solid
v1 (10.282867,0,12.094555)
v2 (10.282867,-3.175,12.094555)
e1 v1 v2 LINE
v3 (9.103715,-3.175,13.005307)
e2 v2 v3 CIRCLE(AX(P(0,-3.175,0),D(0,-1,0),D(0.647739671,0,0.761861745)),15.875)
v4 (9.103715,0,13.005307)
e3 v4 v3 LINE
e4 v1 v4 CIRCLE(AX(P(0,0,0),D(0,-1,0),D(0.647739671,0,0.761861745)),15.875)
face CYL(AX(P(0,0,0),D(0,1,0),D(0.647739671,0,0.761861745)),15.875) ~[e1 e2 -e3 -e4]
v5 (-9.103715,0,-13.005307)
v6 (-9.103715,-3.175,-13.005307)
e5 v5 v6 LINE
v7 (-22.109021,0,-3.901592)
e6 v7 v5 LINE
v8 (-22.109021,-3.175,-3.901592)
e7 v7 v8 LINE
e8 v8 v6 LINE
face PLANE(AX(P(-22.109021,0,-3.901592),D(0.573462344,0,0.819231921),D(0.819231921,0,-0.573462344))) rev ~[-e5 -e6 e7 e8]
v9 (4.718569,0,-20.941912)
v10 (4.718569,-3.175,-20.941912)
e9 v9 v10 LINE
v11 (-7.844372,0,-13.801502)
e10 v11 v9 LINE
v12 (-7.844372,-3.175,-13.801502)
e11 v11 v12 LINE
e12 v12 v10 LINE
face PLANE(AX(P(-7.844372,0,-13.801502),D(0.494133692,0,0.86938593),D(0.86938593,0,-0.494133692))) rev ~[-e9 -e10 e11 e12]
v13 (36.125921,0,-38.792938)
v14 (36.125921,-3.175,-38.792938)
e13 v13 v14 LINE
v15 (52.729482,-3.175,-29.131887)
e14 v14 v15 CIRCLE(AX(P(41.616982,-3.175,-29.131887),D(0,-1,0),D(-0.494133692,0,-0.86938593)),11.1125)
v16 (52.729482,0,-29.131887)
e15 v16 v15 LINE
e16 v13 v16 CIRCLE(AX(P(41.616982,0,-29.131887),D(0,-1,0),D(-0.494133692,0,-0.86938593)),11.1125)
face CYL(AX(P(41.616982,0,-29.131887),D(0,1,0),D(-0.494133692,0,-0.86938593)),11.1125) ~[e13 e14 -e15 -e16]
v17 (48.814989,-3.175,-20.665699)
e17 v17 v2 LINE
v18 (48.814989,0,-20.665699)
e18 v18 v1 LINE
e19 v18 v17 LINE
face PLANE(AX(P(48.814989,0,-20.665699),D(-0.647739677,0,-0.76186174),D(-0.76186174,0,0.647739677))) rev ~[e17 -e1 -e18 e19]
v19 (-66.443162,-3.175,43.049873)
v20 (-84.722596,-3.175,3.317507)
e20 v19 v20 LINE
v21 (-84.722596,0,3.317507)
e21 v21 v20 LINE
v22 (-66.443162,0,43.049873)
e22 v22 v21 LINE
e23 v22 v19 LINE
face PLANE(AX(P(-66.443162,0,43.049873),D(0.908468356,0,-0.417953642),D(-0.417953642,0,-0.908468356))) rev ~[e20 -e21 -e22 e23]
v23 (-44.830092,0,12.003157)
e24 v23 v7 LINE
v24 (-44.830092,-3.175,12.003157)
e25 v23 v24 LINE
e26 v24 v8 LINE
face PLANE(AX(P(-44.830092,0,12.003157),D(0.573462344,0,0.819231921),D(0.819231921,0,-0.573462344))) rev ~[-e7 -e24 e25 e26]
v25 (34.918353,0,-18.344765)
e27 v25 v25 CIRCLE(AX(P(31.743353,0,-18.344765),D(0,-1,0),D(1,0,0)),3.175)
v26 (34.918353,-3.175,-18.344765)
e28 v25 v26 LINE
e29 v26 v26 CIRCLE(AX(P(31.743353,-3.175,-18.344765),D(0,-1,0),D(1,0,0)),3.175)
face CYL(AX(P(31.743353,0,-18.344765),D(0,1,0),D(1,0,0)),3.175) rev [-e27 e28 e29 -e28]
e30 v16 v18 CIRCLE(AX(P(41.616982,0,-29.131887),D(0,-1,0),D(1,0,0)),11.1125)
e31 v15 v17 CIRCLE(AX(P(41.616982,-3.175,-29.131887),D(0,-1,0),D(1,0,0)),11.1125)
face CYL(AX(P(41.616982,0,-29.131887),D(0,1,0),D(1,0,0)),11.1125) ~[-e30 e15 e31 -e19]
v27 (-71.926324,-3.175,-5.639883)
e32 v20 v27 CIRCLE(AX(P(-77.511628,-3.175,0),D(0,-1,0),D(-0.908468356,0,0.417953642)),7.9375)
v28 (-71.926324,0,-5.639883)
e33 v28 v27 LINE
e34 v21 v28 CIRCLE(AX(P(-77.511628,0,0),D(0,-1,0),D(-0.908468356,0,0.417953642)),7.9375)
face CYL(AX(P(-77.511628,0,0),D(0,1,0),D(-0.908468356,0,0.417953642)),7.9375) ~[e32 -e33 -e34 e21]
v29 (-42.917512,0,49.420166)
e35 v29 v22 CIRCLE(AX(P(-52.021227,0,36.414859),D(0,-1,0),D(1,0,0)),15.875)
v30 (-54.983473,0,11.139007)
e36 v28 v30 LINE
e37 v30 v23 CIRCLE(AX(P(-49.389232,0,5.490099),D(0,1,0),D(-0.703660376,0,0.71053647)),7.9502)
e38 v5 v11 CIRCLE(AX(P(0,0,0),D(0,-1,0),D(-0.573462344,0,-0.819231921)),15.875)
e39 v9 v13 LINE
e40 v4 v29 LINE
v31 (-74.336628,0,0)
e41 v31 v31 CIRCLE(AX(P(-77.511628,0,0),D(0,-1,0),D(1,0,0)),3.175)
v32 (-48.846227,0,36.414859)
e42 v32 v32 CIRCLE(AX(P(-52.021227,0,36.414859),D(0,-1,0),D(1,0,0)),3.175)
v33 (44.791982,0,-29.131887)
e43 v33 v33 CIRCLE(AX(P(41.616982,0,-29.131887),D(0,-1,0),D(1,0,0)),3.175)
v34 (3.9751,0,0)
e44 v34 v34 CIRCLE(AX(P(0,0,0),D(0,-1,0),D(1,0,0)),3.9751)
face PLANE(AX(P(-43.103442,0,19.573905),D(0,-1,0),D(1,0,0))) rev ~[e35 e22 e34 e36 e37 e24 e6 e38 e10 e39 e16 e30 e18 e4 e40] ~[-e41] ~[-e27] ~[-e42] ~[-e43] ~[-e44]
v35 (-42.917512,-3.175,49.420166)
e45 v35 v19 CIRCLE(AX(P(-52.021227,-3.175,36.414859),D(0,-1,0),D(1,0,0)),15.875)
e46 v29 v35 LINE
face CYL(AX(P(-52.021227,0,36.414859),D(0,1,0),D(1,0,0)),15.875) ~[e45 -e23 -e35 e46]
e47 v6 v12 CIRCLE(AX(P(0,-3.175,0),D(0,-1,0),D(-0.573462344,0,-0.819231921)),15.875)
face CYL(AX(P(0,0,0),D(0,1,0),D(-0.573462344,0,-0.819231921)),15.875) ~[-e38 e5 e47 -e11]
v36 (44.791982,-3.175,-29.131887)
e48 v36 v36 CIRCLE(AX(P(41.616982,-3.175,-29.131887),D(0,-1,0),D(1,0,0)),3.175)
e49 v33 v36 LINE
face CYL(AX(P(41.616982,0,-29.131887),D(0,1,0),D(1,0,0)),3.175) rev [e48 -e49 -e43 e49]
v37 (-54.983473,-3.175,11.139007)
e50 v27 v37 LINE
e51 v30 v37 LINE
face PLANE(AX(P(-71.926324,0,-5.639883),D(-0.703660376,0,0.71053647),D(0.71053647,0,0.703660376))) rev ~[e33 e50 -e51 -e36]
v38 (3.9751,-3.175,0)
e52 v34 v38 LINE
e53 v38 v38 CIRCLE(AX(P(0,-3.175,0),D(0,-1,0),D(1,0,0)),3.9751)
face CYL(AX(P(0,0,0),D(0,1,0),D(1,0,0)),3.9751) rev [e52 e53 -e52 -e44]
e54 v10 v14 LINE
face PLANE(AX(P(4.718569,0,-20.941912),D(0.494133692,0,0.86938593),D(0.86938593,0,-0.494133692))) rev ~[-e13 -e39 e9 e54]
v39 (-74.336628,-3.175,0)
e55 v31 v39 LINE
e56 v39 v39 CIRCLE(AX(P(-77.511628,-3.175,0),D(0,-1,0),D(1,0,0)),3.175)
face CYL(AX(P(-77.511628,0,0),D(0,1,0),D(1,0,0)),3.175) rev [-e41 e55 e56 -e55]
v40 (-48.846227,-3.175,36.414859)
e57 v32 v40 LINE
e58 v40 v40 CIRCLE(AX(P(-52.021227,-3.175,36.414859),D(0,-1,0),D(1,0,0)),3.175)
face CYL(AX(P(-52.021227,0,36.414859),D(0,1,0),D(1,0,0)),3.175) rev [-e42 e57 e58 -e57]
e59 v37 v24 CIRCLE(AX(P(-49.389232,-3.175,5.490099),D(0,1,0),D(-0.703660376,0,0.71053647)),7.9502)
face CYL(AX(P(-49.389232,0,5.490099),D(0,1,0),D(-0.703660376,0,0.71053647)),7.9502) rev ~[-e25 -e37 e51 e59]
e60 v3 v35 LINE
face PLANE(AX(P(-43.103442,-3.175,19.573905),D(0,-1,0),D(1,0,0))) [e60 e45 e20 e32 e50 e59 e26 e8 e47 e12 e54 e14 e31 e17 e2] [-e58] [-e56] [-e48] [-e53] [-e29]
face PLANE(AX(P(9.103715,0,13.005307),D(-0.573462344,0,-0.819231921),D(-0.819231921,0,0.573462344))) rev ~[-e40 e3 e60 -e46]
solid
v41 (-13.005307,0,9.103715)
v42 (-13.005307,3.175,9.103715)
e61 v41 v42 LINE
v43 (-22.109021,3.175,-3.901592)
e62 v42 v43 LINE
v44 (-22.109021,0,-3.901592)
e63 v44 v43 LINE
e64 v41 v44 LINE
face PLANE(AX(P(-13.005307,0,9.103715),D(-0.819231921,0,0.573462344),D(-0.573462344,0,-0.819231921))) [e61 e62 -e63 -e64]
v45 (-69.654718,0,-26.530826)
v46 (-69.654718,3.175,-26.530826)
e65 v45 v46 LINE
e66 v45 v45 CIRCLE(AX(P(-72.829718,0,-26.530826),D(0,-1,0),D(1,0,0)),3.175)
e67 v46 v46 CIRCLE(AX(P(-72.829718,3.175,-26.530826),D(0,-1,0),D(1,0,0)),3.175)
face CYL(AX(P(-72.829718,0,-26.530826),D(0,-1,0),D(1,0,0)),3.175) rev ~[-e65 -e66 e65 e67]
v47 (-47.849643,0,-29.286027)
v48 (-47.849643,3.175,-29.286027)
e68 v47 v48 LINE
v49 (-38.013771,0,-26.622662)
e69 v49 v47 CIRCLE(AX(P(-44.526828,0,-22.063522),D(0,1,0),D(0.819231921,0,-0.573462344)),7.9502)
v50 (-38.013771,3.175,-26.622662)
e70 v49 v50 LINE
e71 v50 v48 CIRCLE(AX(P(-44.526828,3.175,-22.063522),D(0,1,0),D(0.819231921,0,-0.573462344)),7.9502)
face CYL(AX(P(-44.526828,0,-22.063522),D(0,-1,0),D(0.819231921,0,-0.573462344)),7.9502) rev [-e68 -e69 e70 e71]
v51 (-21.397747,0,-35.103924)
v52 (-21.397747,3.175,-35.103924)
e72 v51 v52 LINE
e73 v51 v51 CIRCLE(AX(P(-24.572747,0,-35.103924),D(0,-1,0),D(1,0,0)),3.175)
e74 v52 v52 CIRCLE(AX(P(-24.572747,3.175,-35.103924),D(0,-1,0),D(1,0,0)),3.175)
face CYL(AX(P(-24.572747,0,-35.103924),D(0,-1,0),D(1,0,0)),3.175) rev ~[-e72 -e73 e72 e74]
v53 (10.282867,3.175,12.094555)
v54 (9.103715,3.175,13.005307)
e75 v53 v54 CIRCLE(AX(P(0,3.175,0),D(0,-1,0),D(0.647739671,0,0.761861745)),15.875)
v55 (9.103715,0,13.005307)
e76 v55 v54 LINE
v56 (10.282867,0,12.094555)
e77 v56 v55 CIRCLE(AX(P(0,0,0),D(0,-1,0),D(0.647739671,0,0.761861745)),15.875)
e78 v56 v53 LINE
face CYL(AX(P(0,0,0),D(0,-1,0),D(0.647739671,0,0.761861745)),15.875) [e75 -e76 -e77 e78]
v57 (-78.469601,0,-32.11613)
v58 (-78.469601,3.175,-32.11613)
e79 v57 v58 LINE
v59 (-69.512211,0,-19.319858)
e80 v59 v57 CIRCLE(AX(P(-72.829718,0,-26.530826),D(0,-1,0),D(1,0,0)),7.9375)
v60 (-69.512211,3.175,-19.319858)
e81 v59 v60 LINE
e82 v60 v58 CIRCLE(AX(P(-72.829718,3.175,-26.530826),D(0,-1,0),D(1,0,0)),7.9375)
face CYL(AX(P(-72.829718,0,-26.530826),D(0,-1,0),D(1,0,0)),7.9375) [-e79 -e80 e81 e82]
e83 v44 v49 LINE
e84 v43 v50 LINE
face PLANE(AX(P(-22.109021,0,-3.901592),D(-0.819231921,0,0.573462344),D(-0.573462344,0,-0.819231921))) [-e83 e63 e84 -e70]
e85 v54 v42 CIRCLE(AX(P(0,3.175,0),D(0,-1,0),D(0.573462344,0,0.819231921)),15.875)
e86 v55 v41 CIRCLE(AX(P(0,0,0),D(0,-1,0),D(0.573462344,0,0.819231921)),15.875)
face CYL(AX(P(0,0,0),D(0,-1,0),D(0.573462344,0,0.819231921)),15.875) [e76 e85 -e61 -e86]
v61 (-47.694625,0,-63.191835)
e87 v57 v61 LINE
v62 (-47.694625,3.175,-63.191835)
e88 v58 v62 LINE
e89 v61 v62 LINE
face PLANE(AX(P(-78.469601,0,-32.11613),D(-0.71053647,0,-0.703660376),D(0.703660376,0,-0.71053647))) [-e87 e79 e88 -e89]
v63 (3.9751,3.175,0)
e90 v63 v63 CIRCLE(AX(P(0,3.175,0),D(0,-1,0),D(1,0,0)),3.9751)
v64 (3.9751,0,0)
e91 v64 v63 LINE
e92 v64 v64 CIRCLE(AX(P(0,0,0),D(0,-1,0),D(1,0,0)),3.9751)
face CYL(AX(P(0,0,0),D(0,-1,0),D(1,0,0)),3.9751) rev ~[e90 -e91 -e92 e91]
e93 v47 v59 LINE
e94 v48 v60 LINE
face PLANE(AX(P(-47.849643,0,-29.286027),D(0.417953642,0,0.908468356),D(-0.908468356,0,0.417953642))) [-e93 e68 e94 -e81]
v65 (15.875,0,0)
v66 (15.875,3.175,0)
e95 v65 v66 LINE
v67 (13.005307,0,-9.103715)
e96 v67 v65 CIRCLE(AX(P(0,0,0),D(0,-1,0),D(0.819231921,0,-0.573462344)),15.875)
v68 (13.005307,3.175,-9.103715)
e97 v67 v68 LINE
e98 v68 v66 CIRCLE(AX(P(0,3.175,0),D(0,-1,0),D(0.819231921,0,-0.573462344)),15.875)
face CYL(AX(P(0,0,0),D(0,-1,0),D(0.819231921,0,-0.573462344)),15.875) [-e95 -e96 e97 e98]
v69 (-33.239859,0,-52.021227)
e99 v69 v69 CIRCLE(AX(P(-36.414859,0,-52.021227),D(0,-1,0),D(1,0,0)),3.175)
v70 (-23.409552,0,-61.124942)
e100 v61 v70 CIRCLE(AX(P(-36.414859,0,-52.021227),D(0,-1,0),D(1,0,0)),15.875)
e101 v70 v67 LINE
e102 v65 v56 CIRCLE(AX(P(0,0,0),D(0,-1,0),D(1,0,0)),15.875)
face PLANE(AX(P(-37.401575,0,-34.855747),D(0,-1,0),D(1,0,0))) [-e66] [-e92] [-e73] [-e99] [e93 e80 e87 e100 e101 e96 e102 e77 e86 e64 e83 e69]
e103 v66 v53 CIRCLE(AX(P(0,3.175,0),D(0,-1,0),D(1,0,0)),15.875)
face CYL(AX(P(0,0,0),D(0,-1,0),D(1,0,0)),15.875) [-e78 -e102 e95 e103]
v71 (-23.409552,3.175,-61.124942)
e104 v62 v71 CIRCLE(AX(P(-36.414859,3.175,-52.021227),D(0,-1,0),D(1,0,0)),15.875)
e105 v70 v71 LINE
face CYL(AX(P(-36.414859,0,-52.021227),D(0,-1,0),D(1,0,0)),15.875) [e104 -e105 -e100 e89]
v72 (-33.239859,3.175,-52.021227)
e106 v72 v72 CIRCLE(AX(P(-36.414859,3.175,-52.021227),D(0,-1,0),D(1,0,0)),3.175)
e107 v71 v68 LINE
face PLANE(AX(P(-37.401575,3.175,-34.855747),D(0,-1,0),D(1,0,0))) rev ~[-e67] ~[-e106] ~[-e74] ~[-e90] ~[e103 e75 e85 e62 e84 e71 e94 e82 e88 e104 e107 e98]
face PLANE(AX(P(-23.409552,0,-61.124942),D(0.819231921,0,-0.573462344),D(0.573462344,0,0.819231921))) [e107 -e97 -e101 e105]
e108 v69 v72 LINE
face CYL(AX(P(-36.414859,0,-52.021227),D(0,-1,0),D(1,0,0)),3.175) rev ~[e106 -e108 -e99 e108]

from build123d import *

# Parameters (mm, degrees)
F0_R     = 3.175
F0_R_2   = 3.9751
F1_DEPTH = 3.175
F2_DEPTH = 3.175


with BuildPart() as f1:
    # F0 (on Front) → F1 (new body)
    with BuildSketch(Plane.XZ):
        with BuildLine():
            ThreePointArc((-84.7225957339, 3.3175070304), (-75.813562918, 7.753739787), (-69.5741281599, 0))
            ThreePointArc((-69.5741281599, 0), (-70.1857405485, -3.0553685466), (-71.9263239282, -5.6398832336))
            Line((-71.9263239282, -5.6398832336), (-54.9834726478, 11.1390065117))
            ThreePointArc((-54.9834726478, 11.1390065117), (-50.0634331266, 13.4116607243), (-44.8300915991, 12.0031570794))
            Line((-44.8300915991, 12.0031570794), (-22.109021455, -3.9015920215))
            Line((-22.109021455, -3.9015920215), (-13.0053067382, 9.1037147168))
            ThreePointArc((-13.0053067382, 9.1037147168), (-2.7588421758, 15.6334389962), (9.1037147168, 13.0053067382))
            Line((9.1037147168, 13.0053067382), (-42.9175122362, 49.4201656053))
            ThreePointArc((-42.9175122362, 49.4201656053), (-37.940440467, 43.7460986623), (-36.146226953, 36.4148588671))
            ThreePointArc((-36.146226953, 36.4148588671), (-55.4173574367, 20.9073792931), (-66.443162101, 43.0498729278))
            Line((-66.443162101, 43.0498729278), (-84.7225957339, 3.3175070304))
        make_face()
        with BuildLine():
            Line((48.8149887222, -20.6656985075), (10.2828672843, 12.094555197))
            ThreePointArc((10.2828672843, 12.094555197), (14.4093050342, 6.6623984743), (15.875, 0))
            ThreePointArc((15.875, 0), (15.1405889824, -4.772650235), (13.0053067382, -9.1037147168))
            Line((13.0053067382, -9.1037147168), (4.7185685764, -20.9419120908))
            Line((4.7185685764, -20.9419120908), (36.1259209119, -38.7929382364))
            ThreePointArc((36.1259209119, -38.7929382364), (32.5132668456, -22.7592867919), (48.8149887222, -20.6656985075))
        make_face()
        with Locations((31.7433526867, -18.3447654727)):
            Circle(F0_R, mode=Mode.SUBTRACT)
        with BuildLine():
            ThreePointArc((10.2828672843, 12.094555197), (9.7039815289, 12.5637720246), (9.1037147168, 13.0053067382))
            ThreePointArc((9.1037147168, 13.0053067382), (-2.7588421758, 15.6334389962), (-13.0053067382, 9.1037147168))
            ThreePointArc((-13.0053067382, 9.1037147168), (-15.6334389962, -2.7588421758), (-9.1037147168, -13.0053067382))
            ThreePointArc((-9.1037147168, -13.0053067382), (-8.4833893845, -13.4181865224), (-7.8443723578, -13.8015016325))
            ThreePointArc((-7.8443723578, -13.8015016325), (3.48942852, -15.4867528425), (13.0053067382, -9.1037147168))
            ThreePointArc((13.0053067382, -9.1037147168), (15.1405889824, -4.772650235), (15.875, 0))
            ThreePointArc((15.875, 0), (14.4093050342, 6.6623984743), (10.2828672843, 12.094555197))
        make_face()
        Circle(F0_R_2, mode=Mode.SUBTRACT)
        with BuildLine():
            ThreePointArc((13.0053067382, -9.1037147168), (3.48942852, -15.4867528425), (-7.8443723578, -13.8015016325))
            Line((-7.8443723578, -13.8015016325), (4.7185685764, -20.9419120908))
            Line((4.7185685764, -20.9419120908), (13.0053067382, -9.1037147168))
        make_face()
        with BuildLine():
            Line((-13.0053067382, 9.1037147168), (-22.109021455, -3.9015920215))
            Line((-22.109021455, -3.9015920215), (-9.1037147168, -13.0053067382))
            ThreePointArc((-9.1037147168, -13.0053067382), (-15.6334389962, -2.7588421758), (-13.0053067382, 9.1037147168))
        make_face()
        with BuildLine():
            ThreePointArc((-42.9175122362, 49.4201656053), (-56.1704466794, 51.7380308841), (-66.443162101, 43.0498729278))
            ThreePointArc((-66.443162101, 43.0498729278), (-55.4173574367, 20.9073792931), (-36.146226953, 36.4148588671))
            ThreePointArc((-36.146226953, 36.4148588671), (-37.940440467, 43.7460986623), (-42.9175122362, 49.4201656053))
        make_face()
        with Locations((-52.021226953, 36.4148588671)):
            Circle(F0_R, mode=Mode.SUBTRACT)
        with BuildLine():
            ThreePointArc((-71.9263239282, -5.6398832336), (-70.1857405485, -3.0553685466), (-69.5741281599, 0))
            ThreePointArc((-69.5741281599, 0), (-75.813562918, 7.753739787), (-84.7225957339, 3.3175070304))
            ThreePointArc((-84.7225957339, 3.3175070304), (-82.0634855183, -6.5026533691), (-71.9263239282, -5.6398832336))
        make_face()
        with Locations((-77.5116281599, 0)):
            Circle(F0_R, mode=Mode.SUBTRACT)
        with BuildLine():
            ThreePointArc((52.7294815624, -29.1318870937), (51.7034951031, -24.4682081979), (48.8149887222, -20.6656985075))
            ThreePointArc((48.8149887222, -20.6656985075), (32.5132668456, -22.7592867919), (36.1259209119, -38.7929382364))
            ThreePointArc((36.1259209119, -38.7929382364), (47.2057311887, -38.7367574137), (52.7294815624, -29.1318870937))
        make_face()
        with Locations((41.6169815624, -29.1318870937)):
            Circle(F0_R, mode=Mode.SUBTRACT)
    extrude(amount=F1_DEPTH)


with BuildPart() as f2:
    # F0 (on Front) → F2 (new body)
    with BuildSketch(Plane.XZ):
        with BuildLine():
            Line((-9.1037147168, -13.0053067382), (-22.109021455, -3.9015920215))
            Line((-22.109021455, -3.9015920215), (-38.0137705559, -26.6226621656))
            ThreePointArc((-38.0137705559, -26.6226621656), (-42.4488989314, -29.7373663816), (-47.849643212, -29.2860269576))
            Line((-47.849643212, -29.2860269576), (-69.5122107038, -19.319858172))
            ThreePointArc((-69.5122107038, -19.319858172), (-66.1462823038, -22.2488172105), (-64.8922177341, -26.530825746))
            ThreePointArc((-64.8922177341, -26.530825746), (-69.8100047442, -33.8714823725), (-78.4696009678, -32.1161299777))
            Line((-78.4696009678, -32.1161299777), (-47.6946253343, -63.1918354164))
            ThreePointArc((-47.6946253343, -63.1918354164), (-42.4542848469, -37.3399136999), (-20.5398588671, -52.021226953))
            ThreePointArc((-20.5398588671, -52.021226953), (-21.2742698846, -56.7938771879), (-23.4095521288, -61.1249416697))
            Line((-23.4095521288, -61.1249416697), (4.7185685764, -20.9419120908))
            Line((4.7185685764, -20.9419120908), (-7.8443723578, -13.8015016325))
            ThreePointArc((-7.8443723578, -13.8015016325), (-8.4833893845, -13.4181865224), (-9.1037147168, -13.0053067382))
        make_face()
        with Locations((-24.5727467635, -35.1039239479)):
            Circle(F0_R, mode=Mode.SUBTRACT)
        with BuildLine():
            ThreePointArc((-47.6946253343, -63.1918354164), (-35.06861047, -67.8390409692), (-23.4095521288, -61.1249416697))
            ThreePointArc((-23.4095521288, -61.1249416697), (-21.2742698846, -56.7938771879), (-20.5398588671, -52.021226953))
            ThreePointArc((-20.5398588671, -52.021226953), (-42.4542848469, -37.3399136999), (-47.6946253343, -63.1918354164))
        make_face()
        with Locations((-36.4148588671, -52.021226953)):
            Circle(F0_R, mode=Mode.SUBTRACT)
        with BuildLine():
            ThreePointArc((-64.8922177341, -26.530825746), (-66.1462823038, -22.2488172105), (-69.5122107038, -19.319858172))
            ThreePointArc((-69.5122107038, -19.319858172), (-79.3323711033, -21.9789683876), (-78.4696009678, -32.1161299777))
            ThreePointArc((-78.4696009678, -32.1161299777), (-69.8100047442, -33.8714823725), (-64.8922177341, -26.530825746))
        make_face()
        with Locations((-72.8297177341, -26.530825746)):
            Circle(F0_R, mode=Mode.SUBTRACT)
        with BuildLine():
            Line((-13.0053067382, 9.1037147168), (-22.109021455, -3.9015920215))
            Line((-22.109021455, -3.9015920215), (-9.1037147168, -13.0053067382))
            ThreePointArc((-9.1037147168, -13.0053067382), (-15.6334389962, -2.7588421758), (-13.0053067382, 9.1037147168))
        make_face()
        with BuildLine():
            ThreePointArc((13.0053067382, -9.1037147168), (3.48942852, -15.4867528425), (-7.8443723578, -13.8015016325))
            Line((-7.8443723578, -13.8015016325), (4.7185685764, -20.9419120908))
            Line((4.7185685764, -20.9419120908), (13.0053067382, -9.1037147168))
        make_face()
        with BuildLine():
            ThreePointArc((10.2828672843, 12.094555197), (9.7039815289, 12.5637720246), (9.1037147168, 13.0053067382))
            ThreePointArc((9.1037147168, 13.0053067382), (-2.7588421758, 15.6334389962), (-13.0053067382, 9.1037147168))
            ThreePointArc((-13.0053067382, 9.1037147168), (-15.6334389962, -2.7588421758), (-9.1037147168, -13.0053067382))
            ThreePointArc((-9.1037147168, -13.0053067382), (-8.4833893845, -13.4181865224), (-7.8443723578, -13.8015016325))
            ThreePointArc((-7.8443723578, -13.8015016325), (3.48942852, -15.4867528425), (13.0053067382, -9.1037147168))
            ThreePointArc((13.0053067382, -9.1037147168), (15.1405889824, -4.772650235), (15.875, 0))
            ThreePointArc((15.875, 0), (14.4093050342, 6.6623984743), (10.2828672843, 12.094555197))
        make_face()
        Circle(F0_R_2, mode=Mode.SUBTRACT)
    extrude(amount=-F2_DEPTH)


solid = Compound([f1.part, f2.part])
